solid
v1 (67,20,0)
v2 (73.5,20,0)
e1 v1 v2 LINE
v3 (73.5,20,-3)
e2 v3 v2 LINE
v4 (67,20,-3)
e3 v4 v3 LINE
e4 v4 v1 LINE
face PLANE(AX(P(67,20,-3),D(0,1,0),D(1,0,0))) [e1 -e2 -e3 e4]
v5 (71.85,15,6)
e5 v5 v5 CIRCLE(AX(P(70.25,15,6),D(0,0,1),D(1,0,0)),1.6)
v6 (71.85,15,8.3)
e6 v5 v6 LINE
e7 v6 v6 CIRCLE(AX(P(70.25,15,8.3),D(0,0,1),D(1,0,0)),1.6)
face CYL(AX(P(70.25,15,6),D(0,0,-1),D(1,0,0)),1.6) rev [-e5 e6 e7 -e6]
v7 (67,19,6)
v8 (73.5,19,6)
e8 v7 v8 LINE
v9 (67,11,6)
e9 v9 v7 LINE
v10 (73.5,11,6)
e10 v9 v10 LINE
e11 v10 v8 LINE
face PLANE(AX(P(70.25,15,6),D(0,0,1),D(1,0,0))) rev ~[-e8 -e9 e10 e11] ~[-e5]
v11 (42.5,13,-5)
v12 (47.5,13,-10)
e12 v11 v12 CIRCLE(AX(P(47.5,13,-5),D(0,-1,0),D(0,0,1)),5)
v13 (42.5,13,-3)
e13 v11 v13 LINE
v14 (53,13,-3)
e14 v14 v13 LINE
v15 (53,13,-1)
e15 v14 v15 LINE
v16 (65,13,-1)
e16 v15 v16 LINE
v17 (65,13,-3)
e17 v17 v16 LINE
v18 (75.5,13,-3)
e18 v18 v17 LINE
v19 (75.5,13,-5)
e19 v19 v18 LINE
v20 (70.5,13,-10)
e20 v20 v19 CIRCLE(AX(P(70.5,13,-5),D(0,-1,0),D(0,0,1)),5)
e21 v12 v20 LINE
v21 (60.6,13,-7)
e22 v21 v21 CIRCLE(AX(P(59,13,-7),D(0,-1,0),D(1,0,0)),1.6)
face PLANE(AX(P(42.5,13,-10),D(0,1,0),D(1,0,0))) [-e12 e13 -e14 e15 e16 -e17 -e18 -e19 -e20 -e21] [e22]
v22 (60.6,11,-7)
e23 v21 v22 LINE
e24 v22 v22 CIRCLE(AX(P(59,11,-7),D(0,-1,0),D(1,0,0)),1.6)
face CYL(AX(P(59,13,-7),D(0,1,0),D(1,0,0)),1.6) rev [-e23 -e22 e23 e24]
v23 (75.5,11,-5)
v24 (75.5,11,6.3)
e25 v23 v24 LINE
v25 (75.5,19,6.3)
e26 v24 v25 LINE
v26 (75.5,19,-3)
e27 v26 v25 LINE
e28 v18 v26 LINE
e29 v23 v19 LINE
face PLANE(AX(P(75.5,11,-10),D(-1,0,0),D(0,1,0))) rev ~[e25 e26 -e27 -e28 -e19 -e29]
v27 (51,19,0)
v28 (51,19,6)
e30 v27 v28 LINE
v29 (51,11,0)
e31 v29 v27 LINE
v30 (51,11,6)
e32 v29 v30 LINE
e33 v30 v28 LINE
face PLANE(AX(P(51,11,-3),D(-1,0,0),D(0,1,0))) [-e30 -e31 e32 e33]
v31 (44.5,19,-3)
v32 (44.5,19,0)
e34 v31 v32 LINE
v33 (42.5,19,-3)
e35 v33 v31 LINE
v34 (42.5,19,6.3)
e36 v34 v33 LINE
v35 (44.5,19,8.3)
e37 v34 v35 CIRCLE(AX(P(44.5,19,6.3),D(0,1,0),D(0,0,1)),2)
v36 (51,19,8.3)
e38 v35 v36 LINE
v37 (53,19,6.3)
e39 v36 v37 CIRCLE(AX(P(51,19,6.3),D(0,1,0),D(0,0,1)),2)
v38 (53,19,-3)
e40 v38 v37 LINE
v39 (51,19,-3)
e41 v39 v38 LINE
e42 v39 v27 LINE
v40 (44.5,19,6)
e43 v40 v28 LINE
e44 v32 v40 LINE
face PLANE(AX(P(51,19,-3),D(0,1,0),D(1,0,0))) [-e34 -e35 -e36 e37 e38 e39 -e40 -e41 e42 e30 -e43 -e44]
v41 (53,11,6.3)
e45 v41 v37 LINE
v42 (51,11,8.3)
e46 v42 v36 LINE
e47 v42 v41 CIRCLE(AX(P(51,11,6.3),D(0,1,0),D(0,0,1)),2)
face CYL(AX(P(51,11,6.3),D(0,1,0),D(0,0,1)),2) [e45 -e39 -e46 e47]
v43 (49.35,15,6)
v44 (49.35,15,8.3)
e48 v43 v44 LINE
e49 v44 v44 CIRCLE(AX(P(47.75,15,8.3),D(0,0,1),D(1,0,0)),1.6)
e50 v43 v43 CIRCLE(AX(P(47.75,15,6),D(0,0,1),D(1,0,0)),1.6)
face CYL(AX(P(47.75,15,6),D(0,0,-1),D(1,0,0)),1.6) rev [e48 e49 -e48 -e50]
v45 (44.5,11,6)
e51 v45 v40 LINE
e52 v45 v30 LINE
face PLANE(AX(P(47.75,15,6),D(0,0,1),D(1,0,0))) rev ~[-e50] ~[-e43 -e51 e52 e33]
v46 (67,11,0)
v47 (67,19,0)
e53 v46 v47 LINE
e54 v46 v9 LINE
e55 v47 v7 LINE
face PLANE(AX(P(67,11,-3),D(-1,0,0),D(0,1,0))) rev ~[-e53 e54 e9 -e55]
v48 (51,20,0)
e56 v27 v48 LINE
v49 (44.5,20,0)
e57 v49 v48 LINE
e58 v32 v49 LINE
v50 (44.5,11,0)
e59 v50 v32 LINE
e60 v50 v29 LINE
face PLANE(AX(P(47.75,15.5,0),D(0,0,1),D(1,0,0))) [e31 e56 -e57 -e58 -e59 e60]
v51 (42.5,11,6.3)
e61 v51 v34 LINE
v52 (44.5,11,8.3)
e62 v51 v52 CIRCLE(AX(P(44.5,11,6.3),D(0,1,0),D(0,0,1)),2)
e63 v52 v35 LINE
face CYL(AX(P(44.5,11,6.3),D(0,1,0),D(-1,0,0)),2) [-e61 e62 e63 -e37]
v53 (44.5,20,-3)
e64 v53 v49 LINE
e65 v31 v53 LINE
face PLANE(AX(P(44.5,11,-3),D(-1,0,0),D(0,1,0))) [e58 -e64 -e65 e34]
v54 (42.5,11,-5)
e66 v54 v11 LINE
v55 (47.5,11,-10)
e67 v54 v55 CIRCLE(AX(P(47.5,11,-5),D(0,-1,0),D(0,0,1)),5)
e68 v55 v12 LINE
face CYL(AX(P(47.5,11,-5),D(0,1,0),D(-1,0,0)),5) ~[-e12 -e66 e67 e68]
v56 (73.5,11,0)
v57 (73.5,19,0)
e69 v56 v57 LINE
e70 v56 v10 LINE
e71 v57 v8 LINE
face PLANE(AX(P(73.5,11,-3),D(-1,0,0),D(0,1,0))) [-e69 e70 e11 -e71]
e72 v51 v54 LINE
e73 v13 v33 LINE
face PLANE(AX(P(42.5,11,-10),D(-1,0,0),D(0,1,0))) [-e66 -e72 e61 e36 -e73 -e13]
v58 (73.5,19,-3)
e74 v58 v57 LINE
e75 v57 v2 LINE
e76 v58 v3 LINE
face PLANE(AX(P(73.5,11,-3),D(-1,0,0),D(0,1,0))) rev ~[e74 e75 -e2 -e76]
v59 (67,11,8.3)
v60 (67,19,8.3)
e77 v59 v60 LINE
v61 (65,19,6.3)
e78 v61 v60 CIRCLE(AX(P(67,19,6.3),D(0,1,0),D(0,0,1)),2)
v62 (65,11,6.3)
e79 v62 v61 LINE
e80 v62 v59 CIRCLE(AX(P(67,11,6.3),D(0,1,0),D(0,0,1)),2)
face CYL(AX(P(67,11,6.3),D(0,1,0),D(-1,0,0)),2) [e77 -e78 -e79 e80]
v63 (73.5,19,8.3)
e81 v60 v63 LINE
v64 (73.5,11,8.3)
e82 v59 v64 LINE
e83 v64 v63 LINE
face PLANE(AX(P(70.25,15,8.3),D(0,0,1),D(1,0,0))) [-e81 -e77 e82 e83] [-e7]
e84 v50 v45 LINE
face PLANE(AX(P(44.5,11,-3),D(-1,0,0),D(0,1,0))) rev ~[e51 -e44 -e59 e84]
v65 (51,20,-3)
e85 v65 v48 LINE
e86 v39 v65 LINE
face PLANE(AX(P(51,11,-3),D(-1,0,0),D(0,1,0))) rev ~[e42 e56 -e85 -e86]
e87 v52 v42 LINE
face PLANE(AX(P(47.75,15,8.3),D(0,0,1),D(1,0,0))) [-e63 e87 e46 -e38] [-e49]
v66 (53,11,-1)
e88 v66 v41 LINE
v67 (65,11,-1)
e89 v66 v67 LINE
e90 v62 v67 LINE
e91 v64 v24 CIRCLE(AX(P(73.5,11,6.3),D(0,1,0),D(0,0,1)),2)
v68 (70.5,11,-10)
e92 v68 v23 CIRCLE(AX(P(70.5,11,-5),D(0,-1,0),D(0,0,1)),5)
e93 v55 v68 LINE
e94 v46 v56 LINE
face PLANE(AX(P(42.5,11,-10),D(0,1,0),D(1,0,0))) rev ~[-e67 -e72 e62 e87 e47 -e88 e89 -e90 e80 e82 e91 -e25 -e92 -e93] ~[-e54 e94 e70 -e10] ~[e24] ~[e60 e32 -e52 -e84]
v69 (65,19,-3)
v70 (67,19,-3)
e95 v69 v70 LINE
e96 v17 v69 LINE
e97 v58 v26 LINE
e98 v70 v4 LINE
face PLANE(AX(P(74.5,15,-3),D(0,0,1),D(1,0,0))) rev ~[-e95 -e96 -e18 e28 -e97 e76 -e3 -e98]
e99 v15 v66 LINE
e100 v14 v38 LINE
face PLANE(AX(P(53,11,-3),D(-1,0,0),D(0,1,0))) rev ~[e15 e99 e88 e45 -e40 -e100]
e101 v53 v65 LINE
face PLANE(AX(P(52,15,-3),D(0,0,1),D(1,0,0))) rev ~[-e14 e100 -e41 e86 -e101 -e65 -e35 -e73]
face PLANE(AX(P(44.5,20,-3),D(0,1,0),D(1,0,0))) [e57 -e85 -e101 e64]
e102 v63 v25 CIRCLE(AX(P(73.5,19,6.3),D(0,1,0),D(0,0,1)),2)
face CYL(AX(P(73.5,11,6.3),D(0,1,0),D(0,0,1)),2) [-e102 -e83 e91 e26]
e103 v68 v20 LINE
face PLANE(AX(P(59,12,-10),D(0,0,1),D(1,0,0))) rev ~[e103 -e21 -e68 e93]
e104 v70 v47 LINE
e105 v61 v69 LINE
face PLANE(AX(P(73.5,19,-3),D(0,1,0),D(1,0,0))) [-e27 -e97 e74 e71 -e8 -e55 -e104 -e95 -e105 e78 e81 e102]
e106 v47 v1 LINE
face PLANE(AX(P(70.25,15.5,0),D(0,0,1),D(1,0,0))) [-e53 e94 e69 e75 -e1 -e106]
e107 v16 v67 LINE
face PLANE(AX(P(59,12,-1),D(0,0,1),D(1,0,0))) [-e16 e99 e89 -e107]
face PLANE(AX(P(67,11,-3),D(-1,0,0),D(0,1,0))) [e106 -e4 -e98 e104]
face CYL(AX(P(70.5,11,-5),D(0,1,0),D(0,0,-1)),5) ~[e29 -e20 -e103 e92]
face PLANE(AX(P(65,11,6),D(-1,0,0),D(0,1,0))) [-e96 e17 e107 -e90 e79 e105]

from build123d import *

# Parameters (mm, degrees)
CYLINDER077_R     = 1.6
CYLINDER077_DEPTH = 2.3
BOX189_W          = 10.5
BOX189_H          = 8
BOX189_DEPTH      = 2.3
FILLET046_R       = 2
CYLINDER078_R     = 1.6
CYLINDER078_DEPTH = 2.3
BOX190_W          = 10.5
BOX190_H          = 8
BOX190_DEPTH      = 2.3
FILLET045_R       = 2
BOX200_W          = 6.5
BOX200_H          = 9
BOX200_DEPTH      = 3
BOX199_W          = 2
BOX199_H          = 8
BOX199_DEPTH      = 9
BOX198_W          = 2
BOX198_H          = 8
BOX198_DEPTH      = 9
BOX197_W          = 6.5
BOX197_H          = 9
BOX197_DEPTH      = 3
BOX196_W          = 2
BOX196_H          = 8
BOX196_DEPTH      = 9
BOX195_W          = 2
BOX195_H          = 8
BOX195_DEPTH      = 9
CYLINDER076_R     = 1.6
CYLINDER076_DEPTH = 2
BOX194_W          = 33
BOX194_H          = 2
BOX194_DEPTH      = 9
FILLET047_R       = 5


with BuildPart() as cylinder158:
    # Cylinder077 → Cylinder077 (new body)
    with BuildSketch(Plane(origin=(47.75, 15, 6), x_dir=(1, 0, 0), z_dir=(0, 0, 1))):
        Circle(CYLINDER077_R)
    extrude(amount=CYLINDER077_DEPTH)


with BuildPart() as fillet046:
    # Box189 → Box189 (new body)
    with BuildSketch(Plane(origin=(42.5, 11, 6), x_dir=(1, 0, 0), z_dir=(0, 0, 1))):
        with Locations((5.25, 4)):
            Rectangle(BOX189_W, BOX189_H)
    extrude(amount=BOX189_DEPTH)

    # Cut100: cut Cylinder158
    add(cylinder158.part, mode=Mode.SUBTRACT)

    # Fillet046
    fillet046_edges = [fillet046.edges().sort_by_distance(p)[0] for p in [
        (42.5, 15, 8.3),
        (53, 15, 8.3),
    ]]
    fillet(fillet046_edges, radius=FILLET046_R)


with BuildPart() as cylinder159:
    # Cylinder078 → Cylinder078 (new body)
    with BuildSketch(Plane(origin=(70.25, 15, 6), x_dir=(1, 0, 0), z_dir=(0, 0, 1))):
        Circle(CYLINDER078_R)
    extrude(amount=CYLINDER078_DEPTH)


with BuildPart() as fillet045:
    # Box190 → Box190 (new body)
    with BuildSketch(Plane(origin=(65, 11, 6), x_dir=(1, 0, 0), z_dir=(0, 0, 1))):
        with Locations((5.25, 4)):
            Rectangle(BOX190_W, BOX190_H)
    extrude(amount=BOX190_DEPTH)

    # Cut101: cut Cylinder159
    add(cylinder159.part, mode=Mode.SUBTRACT)

    # Fillet045
    fillet045_edges = [fillet045.edges().sort_by_distance(p)[0] for p in [
        (65, 15, 8.3),
        (75.5, 15, 8.3),
    ]]
    fillet(fillet045_edges, radius=FILLET045_R)


with BuildPart() as cube189:
    # Box200 → Box200 (new body)
    with BuildSketch(Plane(origin=(44.5, 11, -3), x_dir=(1, 0, 0), z_dir=(0, 0, 1))):
        with Locations((3.25, 4.5)):
            Rectangle(BOX200_W, BOX200_H)
    extrude(amount=BOX200_DEPTH)


with BuildPart() as cube188:
    # Box199 → Box199 (new body)
    with BuildSketch(Plane(origin=(51, 11, -3), x_dir=(1, 0, 0), z_dir=(0, 0, 1))):
        with Locations((1, 4)):
            Rectangle(BOX199_W, BOX199_H)
    extrude(amount=BOX199_DEPTH)


with BuildPart() as cube187:
    # Box198 → Box198 (new body)
    with BuildSketch(Plane(origin=(42.5, 11, -3), x_dir=(1, 0, 0), z_dir=(0, 0, 1))):
        with Locations((1, 4)):
            Rectangle(BOX198_W, BOX198_H)
    extrude(amount=BOX198_DEPTH)


with BuildPart() as cube186:
    # Box197 → Box197 (new body)
    with BuildSketch(Plane(origin=(67, 11, -3), x_dir=(1, 0, 0), z_dir=(0, 0, 1))):
        with Locations((3.25, 4.5)):
            Rectangle(BOX197_W, BOX197_H)
    extrude(amount=BOX197_DEPTH)


with BuildPart() as cube185:
    # Box196 → Box196 (new body)
    with BuildSketch(Plane(origin=(73.5, 11, -3), x_dir=(1, 0, 0), z_dir=(0, 0, 1))):
        with Locations((1, 4)):
            Rectangle(BOX196_W, BOX196_H)
    extrude(amount=BOX196_DEPTH)


with BuildPart() as cube184:
    # Box195 → Box195 (new body)
    with BuildSketch(Plane(origin=(65, 11, -3), x_dir=(1, 0, 0), z_dir=(0, 0, 1))):
        with Locations((1, 4)):
            Rectangle(BOX195_W, BOX195_H)
    extrude(amount=BOX195_DEPTH)


with BuildPart() as cylinder157:
    # Cylinder076 → Cylinder076 (new body)
    with BuildSketch(Plane(origin=(59, 13, -7), x_dir=(1, 0, 0), z_dir=(0, -1, 0))):
        Circle(CYLINDER076_R)
    extrude(amount=CYLINDER076_DEPTH)


with BuildPart() as fusion061:
    # Box194 → Box194 (new body)
    with BuildSketch(Plane(origin=(42.5, 11, -10), x_dir=(1, 0, 0), z_dir=(0, 0, 1))):
        with Locations((16.5, 1)):
            Rectangle(BOX194_W, BOX194_H)
    extrude(amount=BOX194_DEPTH)

    # Cut102: cut Cylinder157
    add(cylinder157.part, mode=Mode.SUBTRACT)

    # Fillet047
    fillet047_edges = [fusion061.edges().sort_by_distance(p)[0] for p in [
        (42.5, 12, -10),
        (75.5, 12, -10),
    ]]
    fillet(fillet047_edges, radius=FILLET047_R)

    # Fusion061: union Fillet046, Fillet045, Cube189, Cube188, Cube187, Cube186, Cube185, Cube184
    add(fillet046.part)
    add(fillet045.part)
    add(cube189.part)
    add(cube188.part)
    add(cube187.part)
    add(cube186.part)
    add(cube185.part)
    add(cube184.part)


solid = fusion061.part
